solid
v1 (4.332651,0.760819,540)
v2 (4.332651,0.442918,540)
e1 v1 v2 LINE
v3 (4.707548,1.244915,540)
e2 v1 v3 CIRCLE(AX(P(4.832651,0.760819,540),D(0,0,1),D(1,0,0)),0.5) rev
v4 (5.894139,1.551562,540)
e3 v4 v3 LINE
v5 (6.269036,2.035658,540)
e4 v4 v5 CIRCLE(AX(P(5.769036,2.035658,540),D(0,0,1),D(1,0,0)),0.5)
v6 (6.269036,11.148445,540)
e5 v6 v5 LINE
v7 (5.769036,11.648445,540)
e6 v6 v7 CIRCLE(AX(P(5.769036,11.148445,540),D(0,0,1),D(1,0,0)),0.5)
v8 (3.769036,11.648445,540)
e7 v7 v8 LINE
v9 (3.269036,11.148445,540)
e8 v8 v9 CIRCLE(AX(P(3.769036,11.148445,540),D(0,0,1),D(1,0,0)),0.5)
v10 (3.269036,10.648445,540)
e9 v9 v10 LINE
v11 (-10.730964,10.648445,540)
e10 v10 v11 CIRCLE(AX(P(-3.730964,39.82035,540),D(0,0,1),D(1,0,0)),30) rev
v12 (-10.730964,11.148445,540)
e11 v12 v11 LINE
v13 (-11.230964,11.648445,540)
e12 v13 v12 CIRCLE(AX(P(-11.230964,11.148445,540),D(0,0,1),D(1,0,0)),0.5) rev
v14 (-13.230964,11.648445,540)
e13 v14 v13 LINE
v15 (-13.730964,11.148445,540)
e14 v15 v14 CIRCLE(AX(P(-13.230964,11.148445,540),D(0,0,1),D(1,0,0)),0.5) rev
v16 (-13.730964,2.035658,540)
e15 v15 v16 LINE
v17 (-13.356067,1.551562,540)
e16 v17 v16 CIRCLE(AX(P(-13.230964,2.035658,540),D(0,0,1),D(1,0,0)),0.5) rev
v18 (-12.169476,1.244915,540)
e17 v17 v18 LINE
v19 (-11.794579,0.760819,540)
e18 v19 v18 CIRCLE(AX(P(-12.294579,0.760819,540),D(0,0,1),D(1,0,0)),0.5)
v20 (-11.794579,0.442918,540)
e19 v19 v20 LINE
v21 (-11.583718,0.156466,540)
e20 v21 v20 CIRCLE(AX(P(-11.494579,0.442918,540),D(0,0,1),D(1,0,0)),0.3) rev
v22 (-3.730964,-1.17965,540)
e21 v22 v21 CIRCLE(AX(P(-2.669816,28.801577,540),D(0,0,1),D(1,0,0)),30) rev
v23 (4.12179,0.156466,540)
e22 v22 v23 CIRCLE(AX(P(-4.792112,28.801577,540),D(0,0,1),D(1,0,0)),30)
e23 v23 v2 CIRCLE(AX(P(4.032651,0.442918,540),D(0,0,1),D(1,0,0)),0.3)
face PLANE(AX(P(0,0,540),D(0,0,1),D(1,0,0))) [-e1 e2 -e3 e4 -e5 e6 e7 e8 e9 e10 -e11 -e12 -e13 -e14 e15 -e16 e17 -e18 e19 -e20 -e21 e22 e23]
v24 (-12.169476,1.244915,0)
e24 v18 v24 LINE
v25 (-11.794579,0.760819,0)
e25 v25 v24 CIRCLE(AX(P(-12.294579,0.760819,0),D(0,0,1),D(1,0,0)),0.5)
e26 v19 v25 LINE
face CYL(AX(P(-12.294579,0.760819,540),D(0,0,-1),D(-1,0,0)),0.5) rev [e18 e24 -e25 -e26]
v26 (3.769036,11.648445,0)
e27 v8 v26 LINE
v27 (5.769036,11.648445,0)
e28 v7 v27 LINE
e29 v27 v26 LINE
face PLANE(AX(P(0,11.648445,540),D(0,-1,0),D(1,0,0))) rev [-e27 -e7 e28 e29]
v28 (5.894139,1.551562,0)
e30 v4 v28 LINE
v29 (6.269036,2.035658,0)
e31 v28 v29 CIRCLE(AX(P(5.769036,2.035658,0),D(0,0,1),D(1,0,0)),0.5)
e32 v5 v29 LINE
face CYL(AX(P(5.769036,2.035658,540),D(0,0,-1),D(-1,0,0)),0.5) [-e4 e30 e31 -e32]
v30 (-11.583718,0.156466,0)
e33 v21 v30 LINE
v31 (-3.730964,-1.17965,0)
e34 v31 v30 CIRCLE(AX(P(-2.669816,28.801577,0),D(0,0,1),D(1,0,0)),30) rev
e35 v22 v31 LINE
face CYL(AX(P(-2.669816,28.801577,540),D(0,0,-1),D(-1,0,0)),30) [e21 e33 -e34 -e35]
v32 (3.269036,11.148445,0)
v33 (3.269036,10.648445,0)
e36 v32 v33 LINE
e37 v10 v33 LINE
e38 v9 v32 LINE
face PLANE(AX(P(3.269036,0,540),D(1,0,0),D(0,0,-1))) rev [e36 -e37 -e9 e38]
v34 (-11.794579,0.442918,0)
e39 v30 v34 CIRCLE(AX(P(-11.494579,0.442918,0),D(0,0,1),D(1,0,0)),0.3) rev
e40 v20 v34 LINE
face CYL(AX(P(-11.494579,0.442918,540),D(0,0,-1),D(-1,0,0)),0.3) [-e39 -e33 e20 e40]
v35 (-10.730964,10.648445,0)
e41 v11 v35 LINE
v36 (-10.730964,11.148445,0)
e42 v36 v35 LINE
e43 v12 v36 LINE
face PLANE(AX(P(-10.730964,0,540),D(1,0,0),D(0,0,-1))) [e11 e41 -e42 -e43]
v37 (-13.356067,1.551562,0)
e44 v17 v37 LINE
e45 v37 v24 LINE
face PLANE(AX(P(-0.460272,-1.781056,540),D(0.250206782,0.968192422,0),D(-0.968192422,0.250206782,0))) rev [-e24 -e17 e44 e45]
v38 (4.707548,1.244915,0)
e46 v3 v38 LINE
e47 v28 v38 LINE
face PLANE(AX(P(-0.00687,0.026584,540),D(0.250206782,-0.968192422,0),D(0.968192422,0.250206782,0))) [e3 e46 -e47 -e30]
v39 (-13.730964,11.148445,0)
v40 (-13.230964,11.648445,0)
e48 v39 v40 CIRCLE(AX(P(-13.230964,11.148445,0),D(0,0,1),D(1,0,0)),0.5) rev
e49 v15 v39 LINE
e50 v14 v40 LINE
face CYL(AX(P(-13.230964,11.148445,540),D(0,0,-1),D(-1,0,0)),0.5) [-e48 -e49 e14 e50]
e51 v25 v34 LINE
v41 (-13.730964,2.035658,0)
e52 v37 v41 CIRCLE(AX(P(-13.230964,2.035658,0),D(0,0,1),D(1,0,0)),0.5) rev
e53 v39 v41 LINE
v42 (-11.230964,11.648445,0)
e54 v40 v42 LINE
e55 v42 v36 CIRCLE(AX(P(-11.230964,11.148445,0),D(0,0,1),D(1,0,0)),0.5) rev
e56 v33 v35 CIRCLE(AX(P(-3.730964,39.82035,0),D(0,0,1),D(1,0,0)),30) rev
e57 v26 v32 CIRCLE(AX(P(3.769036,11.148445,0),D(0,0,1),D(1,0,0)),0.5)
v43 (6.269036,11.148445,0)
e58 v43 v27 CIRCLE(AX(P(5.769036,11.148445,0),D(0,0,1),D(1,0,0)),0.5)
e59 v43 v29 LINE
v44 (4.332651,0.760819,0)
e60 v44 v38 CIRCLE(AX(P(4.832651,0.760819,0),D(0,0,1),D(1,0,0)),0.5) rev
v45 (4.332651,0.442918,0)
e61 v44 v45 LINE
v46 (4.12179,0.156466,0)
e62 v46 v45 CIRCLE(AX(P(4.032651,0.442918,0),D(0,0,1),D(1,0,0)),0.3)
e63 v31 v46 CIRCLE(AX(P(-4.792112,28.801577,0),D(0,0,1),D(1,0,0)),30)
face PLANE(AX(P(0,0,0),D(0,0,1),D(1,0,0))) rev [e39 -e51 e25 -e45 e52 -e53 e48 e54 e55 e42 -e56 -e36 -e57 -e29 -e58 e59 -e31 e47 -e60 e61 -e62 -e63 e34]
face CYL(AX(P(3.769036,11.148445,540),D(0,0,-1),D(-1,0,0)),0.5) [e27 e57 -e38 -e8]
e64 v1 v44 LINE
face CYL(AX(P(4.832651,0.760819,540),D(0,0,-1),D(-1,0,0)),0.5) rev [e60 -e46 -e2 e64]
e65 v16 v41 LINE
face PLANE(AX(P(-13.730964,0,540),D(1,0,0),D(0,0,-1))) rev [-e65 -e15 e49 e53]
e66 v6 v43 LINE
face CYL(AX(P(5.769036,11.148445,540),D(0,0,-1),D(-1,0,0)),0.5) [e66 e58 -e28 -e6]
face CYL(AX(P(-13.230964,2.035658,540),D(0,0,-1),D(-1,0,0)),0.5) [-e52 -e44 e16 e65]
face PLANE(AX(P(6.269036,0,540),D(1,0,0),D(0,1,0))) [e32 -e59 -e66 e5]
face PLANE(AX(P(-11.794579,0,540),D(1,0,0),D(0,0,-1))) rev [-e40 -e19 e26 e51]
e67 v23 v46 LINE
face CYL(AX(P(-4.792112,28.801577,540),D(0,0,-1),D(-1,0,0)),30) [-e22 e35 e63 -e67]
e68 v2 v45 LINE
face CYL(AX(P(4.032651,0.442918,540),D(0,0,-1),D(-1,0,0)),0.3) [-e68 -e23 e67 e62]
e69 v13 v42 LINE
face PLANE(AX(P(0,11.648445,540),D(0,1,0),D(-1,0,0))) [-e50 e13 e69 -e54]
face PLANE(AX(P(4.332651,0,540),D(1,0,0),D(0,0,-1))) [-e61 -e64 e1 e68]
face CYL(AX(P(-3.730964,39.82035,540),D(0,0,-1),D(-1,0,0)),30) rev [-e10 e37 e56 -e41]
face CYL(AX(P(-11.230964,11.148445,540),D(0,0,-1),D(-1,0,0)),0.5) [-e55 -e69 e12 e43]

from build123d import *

# Parameters (mm, degrees)
SALIENTE_EXTRUIR1_DEPTH = 540


with BuildPart() as part:
    # Croquis1 → Saliente-Extruir1 (new body)
    with BuildSketch(Plane.XY):
        with BuildLine():
            ThreePointArc((-13.23096405, 11.648445498), (-13.584517441, 11.501998889), (-13.73096405, 11.148445498))
            Line((-13.73096405, 11.148445498), (-13.73096405, 2.035658412))
            ThreePointArc((-13.73096405, 2.035658412), (-13.626281451, 1.729514406), (-13.356067441, 1.551562201))
            Line((-13.356067441, 1.551562201), (-12.169475815, 1.244915231))
            ThreePointArc((-12.169475815, 1.244915231), (-11.899261805, 1.066963026), (-11.794579206, 0.76081902))
            Line((-11.794579206, 0.76081902), (-11.794579206, 0.442917518))
            ThreePointArc((-11.794579206, 0.442917518), (-11.736179814, 0.265071669), (-11.583718232, 0.156466416))
            ThreePointArc((-11.583718232, 0.156466416), (-7.701884055, -0.773383829), (-3.73096405, -1.17965021))
            ThreePointArc((-3.73096405, -1.17965021), (0.239955955, -0.773383829), (4.121790132, 0.156466416))
            ThreePointArc((4.121790132, 0.156466416), (4.274251714, 0.265071669), (4.332651106, 0.442917518))
            Line((4.332651106, 0.442917518), (4.332651106, 0.76081902))
            ThreePointArc((4.332651106, 0.76081902), (4.437333704, 1.066963026), (4.707547715, 1.244915231))
            Line((4.707547715, 1.244915231), (5.894139341, 1.551562201))
            ThreePointArc((5.894139341, 1.551562201), (6.164353351, 1.729514406), (6.26903595, 2.035658412))
            Line((6.26903595, 2.035658412), (6.26903595, 11.148445498))
            ThreePointArc((6.26903595, 11.148445498), (6.12258934, 11.501998889), (5.76903595, 11.648445498))
            Line((5.76903595, 11.648445498), (3.76903595, 11.648445498))
            ThreePointArc((3.76903595, 11.648445498), (3.415482559, 11.501998889), (3.26903595, 11.148445498))
            Line((3.26903595, 11.148445498), (3.26903595, 10.648445498))
            ThreePointArc((3.26903595, 10.648445498), (-0.206558338, 10.028093004), (-3.73096405, 9.82034979))
            ThreePointArc((-3.73096405, 9.82034979), (-7.255369763, 10.028093004), (-10.73096405, 10.648445498))
            Line((-10.73096405, 10.648445498), (-10.73096405, 11.148445498))
            ThreePointArc((-10.73096405, 11.148445498), (-10.87741066, 11.501998889), (-11.23096405, 11.648445498))
            Line((-11.23096405, 11.648445498), (-13.23096405, 11.648445498))
        make_face()
    extrude(amount=SALIENTE_EXTRUIR1_DEPTH)


solid = part.part
